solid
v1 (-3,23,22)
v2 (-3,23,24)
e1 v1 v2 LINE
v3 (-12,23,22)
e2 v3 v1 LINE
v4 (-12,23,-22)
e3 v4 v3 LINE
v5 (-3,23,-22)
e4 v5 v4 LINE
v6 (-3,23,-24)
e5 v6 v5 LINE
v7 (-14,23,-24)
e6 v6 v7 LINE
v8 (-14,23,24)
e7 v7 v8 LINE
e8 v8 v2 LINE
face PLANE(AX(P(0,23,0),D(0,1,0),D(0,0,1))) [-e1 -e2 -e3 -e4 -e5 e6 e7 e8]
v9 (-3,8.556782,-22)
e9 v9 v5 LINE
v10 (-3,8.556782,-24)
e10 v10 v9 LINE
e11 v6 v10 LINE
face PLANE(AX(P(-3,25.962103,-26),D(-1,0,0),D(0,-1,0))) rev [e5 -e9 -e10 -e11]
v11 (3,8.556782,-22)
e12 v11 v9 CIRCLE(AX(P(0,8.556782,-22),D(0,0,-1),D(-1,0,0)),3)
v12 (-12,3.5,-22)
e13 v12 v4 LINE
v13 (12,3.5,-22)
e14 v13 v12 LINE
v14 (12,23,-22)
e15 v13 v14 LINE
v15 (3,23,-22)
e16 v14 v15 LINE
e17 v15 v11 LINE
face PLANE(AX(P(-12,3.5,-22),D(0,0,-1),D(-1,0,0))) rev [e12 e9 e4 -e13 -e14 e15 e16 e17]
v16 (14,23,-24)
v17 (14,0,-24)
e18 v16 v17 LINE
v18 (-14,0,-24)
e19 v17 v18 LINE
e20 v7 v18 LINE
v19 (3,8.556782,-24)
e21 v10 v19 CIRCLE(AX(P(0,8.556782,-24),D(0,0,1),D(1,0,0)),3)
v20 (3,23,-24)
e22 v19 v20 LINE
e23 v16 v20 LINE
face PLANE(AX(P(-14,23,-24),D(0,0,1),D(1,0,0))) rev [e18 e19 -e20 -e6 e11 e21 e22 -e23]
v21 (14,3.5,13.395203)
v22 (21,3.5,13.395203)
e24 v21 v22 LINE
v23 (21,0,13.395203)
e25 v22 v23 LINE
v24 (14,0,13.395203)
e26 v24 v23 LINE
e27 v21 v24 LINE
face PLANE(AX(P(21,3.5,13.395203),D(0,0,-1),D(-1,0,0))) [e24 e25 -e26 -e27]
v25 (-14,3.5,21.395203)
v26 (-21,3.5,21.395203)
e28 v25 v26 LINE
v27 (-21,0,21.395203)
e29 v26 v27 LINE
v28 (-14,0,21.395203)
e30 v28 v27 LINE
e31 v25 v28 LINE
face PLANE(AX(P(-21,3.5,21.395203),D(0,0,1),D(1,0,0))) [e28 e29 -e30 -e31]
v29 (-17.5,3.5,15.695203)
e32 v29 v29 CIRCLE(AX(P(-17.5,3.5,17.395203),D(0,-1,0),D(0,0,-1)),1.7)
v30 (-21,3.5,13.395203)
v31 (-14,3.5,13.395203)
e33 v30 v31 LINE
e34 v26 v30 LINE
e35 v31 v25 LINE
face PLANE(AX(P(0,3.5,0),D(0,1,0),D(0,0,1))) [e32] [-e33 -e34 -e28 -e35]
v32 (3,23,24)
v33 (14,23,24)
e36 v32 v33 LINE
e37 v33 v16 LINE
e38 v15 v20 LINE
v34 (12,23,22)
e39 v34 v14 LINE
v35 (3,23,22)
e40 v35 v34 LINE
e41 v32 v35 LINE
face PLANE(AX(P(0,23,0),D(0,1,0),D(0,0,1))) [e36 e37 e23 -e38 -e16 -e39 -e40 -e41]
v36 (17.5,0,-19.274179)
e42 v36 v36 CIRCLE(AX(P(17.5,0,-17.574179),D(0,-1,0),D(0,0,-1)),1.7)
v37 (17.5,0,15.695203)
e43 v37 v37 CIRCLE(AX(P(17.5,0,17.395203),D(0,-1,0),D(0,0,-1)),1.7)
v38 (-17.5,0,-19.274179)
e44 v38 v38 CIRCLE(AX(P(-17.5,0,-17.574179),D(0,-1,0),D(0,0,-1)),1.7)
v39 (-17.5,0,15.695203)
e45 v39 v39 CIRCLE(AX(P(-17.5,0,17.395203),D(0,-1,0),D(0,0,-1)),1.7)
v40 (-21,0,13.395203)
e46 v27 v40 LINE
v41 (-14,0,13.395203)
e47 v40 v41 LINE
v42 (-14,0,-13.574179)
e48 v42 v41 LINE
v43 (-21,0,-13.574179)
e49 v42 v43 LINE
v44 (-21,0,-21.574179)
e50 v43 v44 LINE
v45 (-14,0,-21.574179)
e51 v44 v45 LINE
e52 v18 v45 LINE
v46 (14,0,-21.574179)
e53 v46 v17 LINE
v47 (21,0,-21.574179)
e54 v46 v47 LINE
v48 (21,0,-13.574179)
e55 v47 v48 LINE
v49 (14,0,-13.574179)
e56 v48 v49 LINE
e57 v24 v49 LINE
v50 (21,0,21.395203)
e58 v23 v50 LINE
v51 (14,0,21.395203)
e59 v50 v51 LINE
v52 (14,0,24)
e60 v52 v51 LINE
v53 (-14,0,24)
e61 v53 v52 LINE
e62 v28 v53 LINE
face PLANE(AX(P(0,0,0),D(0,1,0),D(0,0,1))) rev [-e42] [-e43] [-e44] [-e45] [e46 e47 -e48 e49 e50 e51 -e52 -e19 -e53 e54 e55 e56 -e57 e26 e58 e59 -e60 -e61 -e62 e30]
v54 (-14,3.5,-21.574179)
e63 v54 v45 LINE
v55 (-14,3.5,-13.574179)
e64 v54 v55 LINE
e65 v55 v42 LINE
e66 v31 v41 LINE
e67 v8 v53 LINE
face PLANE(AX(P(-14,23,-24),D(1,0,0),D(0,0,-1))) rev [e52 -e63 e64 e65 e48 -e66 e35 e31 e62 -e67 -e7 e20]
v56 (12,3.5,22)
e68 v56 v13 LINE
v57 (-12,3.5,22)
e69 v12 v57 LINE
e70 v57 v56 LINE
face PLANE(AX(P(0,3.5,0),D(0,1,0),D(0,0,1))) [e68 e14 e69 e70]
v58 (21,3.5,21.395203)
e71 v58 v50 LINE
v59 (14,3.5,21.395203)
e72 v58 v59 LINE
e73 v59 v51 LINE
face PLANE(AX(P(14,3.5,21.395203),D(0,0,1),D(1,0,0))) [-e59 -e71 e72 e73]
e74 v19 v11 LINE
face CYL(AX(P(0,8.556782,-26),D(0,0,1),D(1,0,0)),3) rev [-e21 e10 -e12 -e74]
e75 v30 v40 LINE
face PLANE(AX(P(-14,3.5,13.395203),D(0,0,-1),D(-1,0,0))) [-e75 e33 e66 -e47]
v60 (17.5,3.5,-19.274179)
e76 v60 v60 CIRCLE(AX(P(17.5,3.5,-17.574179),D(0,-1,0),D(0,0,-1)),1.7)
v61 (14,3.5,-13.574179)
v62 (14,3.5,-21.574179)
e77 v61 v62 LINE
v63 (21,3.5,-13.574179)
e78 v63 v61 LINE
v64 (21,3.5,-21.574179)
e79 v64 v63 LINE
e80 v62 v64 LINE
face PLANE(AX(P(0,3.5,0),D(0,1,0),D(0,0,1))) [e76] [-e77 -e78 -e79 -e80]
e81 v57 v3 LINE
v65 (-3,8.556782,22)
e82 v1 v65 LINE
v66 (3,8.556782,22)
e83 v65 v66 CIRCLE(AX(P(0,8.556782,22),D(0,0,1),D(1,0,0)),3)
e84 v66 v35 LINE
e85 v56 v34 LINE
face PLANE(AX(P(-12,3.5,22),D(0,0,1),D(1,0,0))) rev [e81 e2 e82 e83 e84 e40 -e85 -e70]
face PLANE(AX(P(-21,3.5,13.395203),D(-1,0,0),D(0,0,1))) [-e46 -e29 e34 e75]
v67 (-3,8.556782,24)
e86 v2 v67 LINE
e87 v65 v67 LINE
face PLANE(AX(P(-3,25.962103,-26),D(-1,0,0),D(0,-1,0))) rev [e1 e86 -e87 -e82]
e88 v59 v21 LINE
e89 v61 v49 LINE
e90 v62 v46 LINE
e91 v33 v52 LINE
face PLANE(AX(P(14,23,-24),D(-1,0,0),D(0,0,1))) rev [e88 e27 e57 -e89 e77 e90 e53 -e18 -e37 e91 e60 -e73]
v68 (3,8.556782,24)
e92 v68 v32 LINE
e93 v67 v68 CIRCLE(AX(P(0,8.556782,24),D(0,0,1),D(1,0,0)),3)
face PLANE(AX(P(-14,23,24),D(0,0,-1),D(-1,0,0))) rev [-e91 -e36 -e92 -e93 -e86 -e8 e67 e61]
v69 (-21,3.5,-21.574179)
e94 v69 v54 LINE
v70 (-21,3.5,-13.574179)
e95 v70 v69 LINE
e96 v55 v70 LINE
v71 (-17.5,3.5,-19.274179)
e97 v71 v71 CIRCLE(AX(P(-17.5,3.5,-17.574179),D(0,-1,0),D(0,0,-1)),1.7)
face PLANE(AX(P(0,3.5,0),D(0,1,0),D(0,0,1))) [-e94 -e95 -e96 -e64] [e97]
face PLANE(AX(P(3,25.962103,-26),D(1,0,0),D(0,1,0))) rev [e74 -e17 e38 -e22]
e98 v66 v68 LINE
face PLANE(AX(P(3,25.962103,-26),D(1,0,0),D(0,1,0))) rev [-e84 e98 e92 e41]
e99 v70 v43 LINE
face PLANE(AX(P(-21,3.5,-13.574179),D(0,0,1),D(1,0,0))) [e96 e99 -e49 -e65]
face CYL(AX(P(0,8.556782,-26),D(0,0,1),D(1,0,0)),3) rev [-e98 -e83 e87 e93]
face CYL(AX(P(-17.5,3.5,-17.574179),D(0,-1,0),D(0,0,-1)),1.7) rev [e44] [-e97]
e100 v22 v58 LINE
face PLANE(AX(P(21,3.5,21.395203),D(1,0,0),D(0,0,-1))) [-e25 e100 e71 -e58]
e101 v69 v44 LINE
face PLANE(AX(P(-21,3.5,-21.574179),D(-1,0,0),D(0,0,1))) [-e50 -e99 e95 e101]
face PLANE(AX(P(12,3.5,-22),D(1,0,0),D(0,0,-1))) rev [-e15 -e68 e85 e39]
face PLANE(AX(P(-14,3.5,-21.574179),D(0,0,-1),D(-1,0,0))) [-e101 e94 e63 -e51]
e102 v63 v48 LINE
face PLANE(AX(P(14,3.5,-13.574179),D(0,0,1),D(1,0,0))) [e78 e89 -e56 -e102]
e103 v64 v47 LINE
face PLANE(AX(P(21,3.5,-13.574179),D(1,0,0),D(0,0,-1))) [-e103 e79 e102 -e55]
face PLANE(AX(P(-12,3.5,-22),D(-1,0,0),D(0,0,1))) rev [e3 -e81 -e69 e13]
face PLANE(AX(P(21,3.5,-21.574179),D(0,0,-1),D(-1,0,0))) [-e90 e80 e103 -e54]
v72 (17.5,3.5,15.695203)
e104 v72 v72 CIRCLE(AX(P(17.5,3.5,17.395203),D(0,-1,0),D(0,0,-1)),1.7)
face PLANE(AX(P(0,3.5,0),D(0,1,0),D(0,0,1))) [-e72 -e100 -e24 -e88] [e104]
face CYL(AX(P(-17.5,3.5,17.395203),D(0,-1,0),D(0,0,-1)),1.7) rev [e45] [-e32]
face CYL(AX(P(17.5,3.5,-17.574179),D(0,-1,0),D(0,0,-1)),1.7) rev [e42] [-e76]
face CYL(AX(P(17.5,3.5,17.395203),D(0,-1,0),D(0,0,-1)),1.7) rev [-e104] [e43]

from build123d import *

# Parameters (mm, degrees)
SKETCH1_W           = 28
SKETCH1_H           = 48
BOSS_EXTRUDE1_DEPTH = 23
SKETCH3_W           = 24
SKETCH3_H           = 44
CUT_EXTRUDE1_DEPTH  = 19.5
SKETCH4_W           = 7
SKETCH4_H           = 8
BOSS_EXTRUDE2_DEPTH = 3.5
SKETCH5_R           = 1.7
CUT_EXTRUDE5_DEPTH  = 3.5
CUT_EXTRUDE7_DEPTH  = 50


with BuildPart() as part:
    # Sketch1 → Boss-Extrude1 (new body)
    with BuildSketch(Plane(origin=(0, 0, 0), x_dir=(1, 0, 0), z_dir=(0, 1, 0))):
        Rectangle(SKETCH1_W, SKETCH1_H)
    extrude(amount=BOSS_EXTRUDE1_DEPTH)

    # Sketch3 → Cut-Extrude1 (cut)
    with BuildSketch(Plane(origin=(0, 23, 0), x_dir=(1, 0, 0), z_dir=(0, 1, 0))):
        Rectangle(SKETCH3_W, SKETCH3_H)
    extrude(amount=-CUT_EXTRUDE1_DEPTH, mode=Mode.SUBTRACT)

    # Sketch4 → Boss-Extrude2 (add)
    with BuildSketch(Plane.XZ):
        with Locations((17.5, 17.395203427)):
            Rectangle(SKETCH4_W, SKETCH4_H)
        with Locations((17.5, -17.574178575)):
            Rectangle(SKETCH4_W, SKETCH4_H)
        with Locations((-17.5, -17.574178575)):
            Rectangle(SKETCH4_W, SKETCH4_H)
        with Locations((-17.5, 17.395203427)):
            Rectangle(SKETCH4_W, SKETCH4_H)
    extrude(amount=-BOSS_EXTRUDE2_DEPTH)

    # Sketch5 → Cut-Extrude5 (cut)
    with BuildSketch(Plane.XZ):
        with Locations(Location((-17.5, 17.395203427, 0), (0, 0, 270))):
            Circle(SKETCH5_R)
        with Locations(Location((-17.5, -17.574178575, 0), (0, 0, 270))):
            Circle(SKETCH5_R)
        with Locations(Location((17.5, -17.574178575, 0), (0, 0, 270))):
            Circle(SKETCH5_R)
        with Locations(Location((17.5, 17.395203427, 0), (0, 0, 270))):
            Circle(SKETCH5_R)
    extrude(amount=-CUT_EXTRUDE5_DEPTH, mode=Mode.SUBTRACT)

    # Sketch7 → Cut-Extrude7 (cut)
    with BuildSketch(Plane.XY.offset(24)):
        with BuildLine():
            Line((3, 25.962103345), (3, 8.556782005))
            ThreePointArc((3, 8.556782005), (0, 5.556782005), (-3, 8.556782005))
            Line((-3, 8.556782005), (-3, 25.962103345))
            ThreePointArc((-3, 25.962103345), (0, 28.962103345), (3, 25.962103345))
        make_face()
    extrude(amount=-CUT_EXTRUDE7_DEPTH, mode=Mode.SUBTRACT)


solid = part.part
